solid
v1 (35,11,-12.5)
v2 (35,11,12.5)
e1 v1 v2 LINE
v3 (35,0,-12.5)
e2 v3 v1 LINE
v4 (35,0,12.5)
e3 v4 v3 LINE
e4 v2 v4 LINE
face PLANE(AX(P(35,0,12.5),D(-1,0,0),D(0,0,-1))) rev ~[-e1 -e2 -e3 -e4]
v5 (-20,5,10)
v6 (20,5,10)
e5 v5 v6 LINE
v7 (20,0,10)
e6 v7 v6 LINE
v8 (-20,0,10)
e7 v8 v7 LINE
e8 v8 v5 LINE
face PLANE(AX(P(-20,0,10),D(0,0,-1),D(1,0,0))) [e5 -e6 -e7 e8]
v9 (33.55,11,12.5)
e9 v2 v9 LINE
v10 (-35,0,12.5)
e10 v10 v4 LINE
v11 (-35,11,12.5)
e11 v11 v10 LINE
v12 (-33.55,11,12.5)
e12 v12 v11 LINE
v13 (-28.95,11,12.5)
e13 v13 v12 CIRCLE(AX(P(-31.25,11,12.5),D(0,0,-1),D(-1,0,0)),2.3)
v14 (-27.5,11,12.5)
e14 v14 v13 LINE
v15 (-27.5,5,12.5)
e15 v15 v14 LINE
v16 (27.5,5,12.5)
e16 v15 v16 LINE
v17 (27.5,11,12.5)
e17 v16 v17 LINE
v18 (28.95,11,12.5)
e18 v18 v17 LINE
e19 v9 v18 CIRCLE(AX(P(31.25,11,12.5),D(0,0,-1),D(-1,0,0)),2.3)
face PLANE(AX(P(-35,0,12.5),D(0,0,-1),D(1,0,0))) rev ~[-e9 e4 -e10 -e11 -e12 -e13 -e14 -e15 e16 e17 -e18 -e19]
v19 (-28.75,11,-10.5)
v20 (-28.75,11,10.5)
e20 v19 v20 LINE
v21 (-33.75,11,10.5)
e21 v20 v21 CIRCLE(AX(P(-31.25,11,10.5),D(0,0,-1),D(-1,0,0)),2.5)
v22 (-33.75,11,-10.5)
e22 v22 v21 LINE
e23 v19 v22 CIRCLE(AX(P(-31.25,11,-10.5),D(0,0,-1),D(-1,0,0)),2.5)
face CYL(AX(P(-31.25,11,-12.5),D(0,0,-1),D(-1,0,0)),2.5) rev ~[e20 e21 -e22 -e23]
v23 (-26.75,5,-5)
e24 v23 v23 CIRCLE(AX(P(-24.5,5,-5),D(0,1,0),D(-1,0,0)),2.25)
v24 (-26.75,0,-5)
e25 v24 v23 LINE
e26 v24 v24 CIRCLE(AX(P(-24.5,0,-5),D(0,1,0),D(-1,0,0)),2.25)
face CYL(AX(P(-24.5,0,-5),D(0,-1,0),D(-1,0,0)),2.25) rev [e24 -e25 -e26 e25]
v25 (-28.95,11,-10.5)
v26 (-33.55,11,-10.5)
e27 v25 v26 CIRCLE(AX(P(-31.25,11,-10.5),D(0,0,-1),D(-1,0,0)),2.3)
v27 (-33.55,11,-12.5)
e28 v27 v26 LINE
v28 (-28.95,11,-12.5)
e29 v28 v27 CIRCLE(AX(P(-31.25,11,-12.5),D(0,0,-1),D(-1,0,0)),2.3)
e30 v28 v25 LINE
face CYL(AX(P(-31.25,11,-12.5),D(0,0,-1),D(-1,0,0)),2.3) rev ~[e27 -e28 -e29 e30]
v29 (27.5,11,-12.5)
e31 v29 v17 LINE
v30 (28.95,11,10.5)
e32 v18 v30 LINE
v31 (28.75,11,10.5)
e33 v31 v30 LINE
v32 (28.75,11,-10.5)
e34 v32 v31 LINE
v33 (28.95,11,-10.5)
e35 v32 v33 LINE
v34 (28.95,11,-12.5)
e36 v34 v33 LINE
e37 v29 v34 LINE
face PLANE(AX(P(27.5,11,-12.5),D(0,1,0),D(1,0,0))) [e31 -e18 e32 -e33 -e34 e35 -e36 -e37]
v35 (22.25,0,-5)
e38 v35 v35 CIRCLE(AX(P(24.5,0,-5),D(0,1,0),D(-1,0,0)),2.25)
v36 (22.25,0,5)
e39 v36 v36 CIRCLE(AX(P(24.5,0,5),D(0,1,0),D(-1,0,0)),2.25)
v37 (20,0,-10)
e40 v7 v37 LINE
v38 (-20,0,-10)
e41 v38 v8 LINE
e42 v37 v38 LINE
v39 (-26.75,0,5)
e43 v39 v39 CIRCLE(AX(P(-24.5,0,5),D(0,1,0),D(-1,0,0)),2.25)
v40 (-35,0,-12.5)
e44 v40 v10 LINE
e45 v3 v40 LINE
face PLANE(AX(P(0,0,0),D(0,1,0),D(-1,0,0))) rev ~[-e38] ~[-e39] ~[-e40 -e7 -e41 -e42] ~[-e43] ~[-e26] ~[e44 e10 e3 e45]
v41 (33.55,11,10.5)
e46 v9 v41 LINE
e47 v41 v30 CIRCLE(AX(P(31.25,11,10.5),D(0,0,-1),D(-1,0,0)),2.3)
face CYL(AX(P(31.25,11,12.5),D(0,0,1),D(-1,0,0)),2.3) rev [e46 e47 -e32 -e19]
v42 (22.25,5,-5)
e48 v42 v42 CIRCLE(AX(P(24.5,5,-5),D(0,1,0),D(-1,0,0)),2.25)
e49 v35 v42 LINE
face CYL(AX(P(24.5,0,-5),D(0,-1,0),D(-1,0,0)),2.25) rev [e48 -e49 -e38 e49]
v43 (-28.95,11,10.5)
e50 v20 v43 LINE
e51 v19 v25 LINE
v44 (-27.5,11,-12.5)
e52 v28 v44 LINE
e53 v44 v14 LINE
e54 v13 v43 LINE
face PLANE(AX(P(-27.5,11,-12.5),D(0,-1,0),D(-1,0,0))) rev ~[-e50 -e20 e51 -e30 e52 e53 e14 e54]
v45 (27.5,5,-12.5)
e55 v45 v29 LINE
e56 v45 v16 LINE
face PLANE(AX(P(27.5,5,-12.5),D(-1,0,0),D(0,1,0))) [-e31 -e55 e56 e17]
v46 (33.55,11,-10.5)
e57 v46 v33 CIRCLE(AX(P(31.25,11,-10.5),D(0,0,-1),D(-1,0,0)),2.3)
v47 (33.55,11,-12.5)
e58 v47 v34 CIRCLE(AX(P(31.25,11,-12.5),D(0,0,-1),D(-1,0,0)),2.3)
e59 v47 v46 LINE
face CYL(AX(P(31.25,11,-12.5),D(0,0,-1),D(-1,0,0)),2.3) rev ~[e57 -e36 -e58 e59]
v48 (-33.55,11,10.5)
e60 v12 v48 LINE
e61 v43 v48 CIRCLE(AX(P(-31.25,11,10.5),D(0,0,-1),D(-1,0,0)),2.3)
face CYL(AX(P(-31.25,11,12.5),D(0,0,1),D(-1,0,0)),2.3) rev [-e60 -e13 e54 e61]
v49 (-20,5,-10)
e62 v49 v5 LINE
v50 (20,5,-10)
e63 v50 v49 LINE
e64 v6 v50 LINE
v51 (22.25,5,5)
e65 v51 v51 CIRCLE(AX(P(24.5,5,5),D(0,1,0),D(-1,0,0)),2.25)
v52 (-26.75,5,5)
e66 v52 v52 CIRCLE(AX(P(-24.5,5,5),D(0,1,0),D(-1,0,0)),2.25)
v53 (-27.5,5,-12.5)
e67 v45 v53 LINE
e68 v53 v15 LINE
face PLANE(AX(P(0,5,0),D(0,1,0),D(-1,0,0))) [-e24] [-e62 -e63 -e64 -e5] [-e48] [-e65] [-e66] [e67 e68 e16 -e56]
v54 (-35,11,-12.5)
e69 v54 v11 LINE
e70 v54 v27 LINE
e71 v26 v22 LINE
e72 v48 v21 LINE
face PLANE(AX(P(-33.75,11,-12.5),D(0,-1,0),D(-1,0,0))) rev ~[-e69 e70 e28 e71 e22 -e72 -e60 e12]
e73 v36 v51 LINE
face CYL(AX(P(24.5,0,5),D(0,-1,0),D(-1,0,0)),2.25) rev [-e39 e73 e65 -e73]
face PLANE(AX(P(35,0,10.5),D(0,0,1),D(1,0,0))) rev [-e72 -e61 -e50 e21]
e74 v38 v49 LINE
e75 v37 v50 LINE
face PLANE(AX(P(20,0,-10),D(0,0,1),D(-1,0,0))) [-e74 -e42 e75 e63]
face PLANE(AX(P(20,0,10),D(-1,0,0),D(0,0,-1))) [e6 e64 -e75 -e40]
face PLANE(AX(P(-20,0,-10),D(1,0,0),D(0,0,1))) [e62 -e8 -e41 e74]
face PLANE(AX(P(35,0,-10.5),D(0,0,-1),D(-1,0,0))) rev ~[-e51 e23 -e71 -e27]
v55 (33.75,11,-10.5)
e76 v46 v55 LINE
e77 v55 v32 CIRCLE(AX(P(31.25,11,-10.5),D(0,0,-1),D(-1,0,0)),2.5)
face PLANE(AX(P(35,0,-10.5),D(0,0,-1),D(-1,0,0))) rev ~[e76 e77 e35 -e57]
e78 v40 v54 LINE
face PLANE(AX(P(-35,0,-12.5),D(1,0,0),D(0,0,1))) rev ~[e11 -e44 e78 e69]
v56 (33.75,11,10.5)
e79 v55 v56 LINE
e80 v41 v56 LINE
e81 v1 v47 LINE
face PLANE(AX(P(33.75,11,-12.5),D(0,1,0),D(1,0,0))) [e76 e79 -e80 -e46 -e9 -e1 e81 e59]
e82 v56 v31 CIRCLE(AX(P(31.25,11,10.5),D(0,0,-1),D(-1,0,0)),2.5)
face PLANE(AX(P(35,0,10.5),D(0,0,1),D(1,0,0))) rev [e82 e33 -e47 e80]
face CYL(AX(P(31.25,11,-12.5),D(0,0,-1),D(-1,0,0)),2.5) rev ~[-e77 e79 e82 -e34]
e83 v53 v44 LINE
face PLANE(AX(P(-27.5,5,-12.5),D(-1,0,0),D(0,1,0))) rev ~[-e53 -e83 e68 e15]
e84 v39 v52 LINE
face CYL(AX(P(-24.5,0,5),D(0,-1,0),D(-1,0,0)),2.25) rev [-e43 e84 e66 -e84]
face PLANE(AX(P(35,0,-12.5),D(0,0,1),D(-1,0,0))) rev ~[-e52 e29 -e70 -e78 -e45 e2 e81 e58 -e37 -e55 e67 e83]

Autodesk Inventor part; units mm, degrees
ref_plane "YZ Plane" through (0, 0, 0) normal (1, 0, 0) x (0, 1, 0)
ref_plane "XZ Plane" through (0, 0, 0) normal (0, 1, 0) x (-1, 0, 0)
ref_plane "XY Plane" through (0, 0, 0) normal (0, 0, 1) x (1, 0, 0)
sketch "Sketch1" plane through (0, 0, 0) normal (0, 1, 0) x (-1, 0, 0)
  line L0 (-35, -12.5) -> (35, -12.5)
  line L1 (35, -12.5) -> (35, 12.5)
  line L2 (35, 12.5) -> (-35, 12.5)
  line L3 (-35, 12.5) -> (-35, -12.5)
  line L4 (-35, -12.5) -> (35, 12.5) construction
  line L5 (35, -12.5) -> (-35, 12.5) construction
  line L6 (-24.5, -5) -> (24.5, -5) construction
  line L7 (24.5, -5) -> (24.5, 5) construction
  line L8 (24.5, 5) -> (-24.5, 5) construction
  line L9 (-24.5, 5) -> (-24.5, -5) construction
  line L10 (-24.5, -5) -> (24.5, 5) construction
  line L11 (24.5, -5) -> (-24.5, 5) construction
  circle A0 centre (24.5, 5) radius 2.25
  circle A1 centre (24.5, -5) radius 2.25
  circle A2 centre (-24.5, -5) radius 2.25
  circle A3 centre (-24.5, 5) radius 2.25
  line L12 (-20, -10) -> (20, -10)
  line L13 (20, -10) -> (20, 10)
  line L14 (20, 10) -> (-20, 10)
  line L15 (-20, 10) -> (-20, -10)
  line L16 (-20, -10) -> (20, 10) construction
  line L17 (20, -10) -> (-20, 10) construction
  point P0 (0, 0)
  dimension "d0" = 10
  dimension "d1" = 49
  dimension "d2" = 4.5
  dimension "d5" = 25
  dimension "d6" = 70
  dimension "d7" = 20
  dimension "d8" = 40
extrude "Extrusion1" add sketch "Sketch1" along normal blind 5
sketch "Sketch2" plane through (35, 0, -12.5) normal (0, 0, -1) x (-1, 0, 0)
  line L0 (62.5, 5) -> (62.5, 11)
  line L1 (62.5, 11) -> (70, 11)
  line L2 (70, 11) -> (70, 5)
  line L3 (70, 5) -> (62.5, 5)
  line L4 (35, -3.7897) -> (35, 10.3895) construction
  circle A0 centre (66.25, 11) radius 2.5
  line L5 (0, 5) -> (7.5, 5)
  circle A1 centre (66.25, 11) radius 2.3
  line L6 (7.5, 5) -> (7.5, 11)
  line L7 (7.5, 11) -> (0, 11)
  line L8 (0, 11) -> (0, 5)
  line L9 (0, 5) -> (7.5, 5)
  circle A2 centre (3.75, 11) radius 2.5
  circle A3 centre (3.75, 11) radius 2.3
  line L10 (0, 0) -> (70, 0) projected
  point P0 (35, 0)
  point P1 (35, 0)
  point P2 (68.75, 11)
  point P3 (63.75, 11)
  point P4 (35, 0)
  point P5 (6.05, 11)
  point P6 (1.45, 11)
  point P7 (1.25, 11)
  point P8 (6.25, 11)
  point P9 (68.55, 11)
  point P10 (63.95, 11)
  dimension "d9" = 5
  dimension "d10" = 7.5
  dimension "d12" = 6
  dimension "d18" = 0.2
extrude "Extrusion2" add sketch "Sketch2" against normal up to surface (25 mm away) contours L0 L1 A0 L2 L3 | L8 L7 A2 L6 L5
extrude "Extrusion4" add sketch "Sketch2" against normal blind 2 contours L1 A1 A0 | L7 A3 A2 picked at (64.2095, 9.7038) picked at (6.1368, 10.6171)
mirror "Mirror1" about plane through (0, 0, 0) normal (0, 0, 1) of "Extrusion4"
properties part number "Servo mount"
